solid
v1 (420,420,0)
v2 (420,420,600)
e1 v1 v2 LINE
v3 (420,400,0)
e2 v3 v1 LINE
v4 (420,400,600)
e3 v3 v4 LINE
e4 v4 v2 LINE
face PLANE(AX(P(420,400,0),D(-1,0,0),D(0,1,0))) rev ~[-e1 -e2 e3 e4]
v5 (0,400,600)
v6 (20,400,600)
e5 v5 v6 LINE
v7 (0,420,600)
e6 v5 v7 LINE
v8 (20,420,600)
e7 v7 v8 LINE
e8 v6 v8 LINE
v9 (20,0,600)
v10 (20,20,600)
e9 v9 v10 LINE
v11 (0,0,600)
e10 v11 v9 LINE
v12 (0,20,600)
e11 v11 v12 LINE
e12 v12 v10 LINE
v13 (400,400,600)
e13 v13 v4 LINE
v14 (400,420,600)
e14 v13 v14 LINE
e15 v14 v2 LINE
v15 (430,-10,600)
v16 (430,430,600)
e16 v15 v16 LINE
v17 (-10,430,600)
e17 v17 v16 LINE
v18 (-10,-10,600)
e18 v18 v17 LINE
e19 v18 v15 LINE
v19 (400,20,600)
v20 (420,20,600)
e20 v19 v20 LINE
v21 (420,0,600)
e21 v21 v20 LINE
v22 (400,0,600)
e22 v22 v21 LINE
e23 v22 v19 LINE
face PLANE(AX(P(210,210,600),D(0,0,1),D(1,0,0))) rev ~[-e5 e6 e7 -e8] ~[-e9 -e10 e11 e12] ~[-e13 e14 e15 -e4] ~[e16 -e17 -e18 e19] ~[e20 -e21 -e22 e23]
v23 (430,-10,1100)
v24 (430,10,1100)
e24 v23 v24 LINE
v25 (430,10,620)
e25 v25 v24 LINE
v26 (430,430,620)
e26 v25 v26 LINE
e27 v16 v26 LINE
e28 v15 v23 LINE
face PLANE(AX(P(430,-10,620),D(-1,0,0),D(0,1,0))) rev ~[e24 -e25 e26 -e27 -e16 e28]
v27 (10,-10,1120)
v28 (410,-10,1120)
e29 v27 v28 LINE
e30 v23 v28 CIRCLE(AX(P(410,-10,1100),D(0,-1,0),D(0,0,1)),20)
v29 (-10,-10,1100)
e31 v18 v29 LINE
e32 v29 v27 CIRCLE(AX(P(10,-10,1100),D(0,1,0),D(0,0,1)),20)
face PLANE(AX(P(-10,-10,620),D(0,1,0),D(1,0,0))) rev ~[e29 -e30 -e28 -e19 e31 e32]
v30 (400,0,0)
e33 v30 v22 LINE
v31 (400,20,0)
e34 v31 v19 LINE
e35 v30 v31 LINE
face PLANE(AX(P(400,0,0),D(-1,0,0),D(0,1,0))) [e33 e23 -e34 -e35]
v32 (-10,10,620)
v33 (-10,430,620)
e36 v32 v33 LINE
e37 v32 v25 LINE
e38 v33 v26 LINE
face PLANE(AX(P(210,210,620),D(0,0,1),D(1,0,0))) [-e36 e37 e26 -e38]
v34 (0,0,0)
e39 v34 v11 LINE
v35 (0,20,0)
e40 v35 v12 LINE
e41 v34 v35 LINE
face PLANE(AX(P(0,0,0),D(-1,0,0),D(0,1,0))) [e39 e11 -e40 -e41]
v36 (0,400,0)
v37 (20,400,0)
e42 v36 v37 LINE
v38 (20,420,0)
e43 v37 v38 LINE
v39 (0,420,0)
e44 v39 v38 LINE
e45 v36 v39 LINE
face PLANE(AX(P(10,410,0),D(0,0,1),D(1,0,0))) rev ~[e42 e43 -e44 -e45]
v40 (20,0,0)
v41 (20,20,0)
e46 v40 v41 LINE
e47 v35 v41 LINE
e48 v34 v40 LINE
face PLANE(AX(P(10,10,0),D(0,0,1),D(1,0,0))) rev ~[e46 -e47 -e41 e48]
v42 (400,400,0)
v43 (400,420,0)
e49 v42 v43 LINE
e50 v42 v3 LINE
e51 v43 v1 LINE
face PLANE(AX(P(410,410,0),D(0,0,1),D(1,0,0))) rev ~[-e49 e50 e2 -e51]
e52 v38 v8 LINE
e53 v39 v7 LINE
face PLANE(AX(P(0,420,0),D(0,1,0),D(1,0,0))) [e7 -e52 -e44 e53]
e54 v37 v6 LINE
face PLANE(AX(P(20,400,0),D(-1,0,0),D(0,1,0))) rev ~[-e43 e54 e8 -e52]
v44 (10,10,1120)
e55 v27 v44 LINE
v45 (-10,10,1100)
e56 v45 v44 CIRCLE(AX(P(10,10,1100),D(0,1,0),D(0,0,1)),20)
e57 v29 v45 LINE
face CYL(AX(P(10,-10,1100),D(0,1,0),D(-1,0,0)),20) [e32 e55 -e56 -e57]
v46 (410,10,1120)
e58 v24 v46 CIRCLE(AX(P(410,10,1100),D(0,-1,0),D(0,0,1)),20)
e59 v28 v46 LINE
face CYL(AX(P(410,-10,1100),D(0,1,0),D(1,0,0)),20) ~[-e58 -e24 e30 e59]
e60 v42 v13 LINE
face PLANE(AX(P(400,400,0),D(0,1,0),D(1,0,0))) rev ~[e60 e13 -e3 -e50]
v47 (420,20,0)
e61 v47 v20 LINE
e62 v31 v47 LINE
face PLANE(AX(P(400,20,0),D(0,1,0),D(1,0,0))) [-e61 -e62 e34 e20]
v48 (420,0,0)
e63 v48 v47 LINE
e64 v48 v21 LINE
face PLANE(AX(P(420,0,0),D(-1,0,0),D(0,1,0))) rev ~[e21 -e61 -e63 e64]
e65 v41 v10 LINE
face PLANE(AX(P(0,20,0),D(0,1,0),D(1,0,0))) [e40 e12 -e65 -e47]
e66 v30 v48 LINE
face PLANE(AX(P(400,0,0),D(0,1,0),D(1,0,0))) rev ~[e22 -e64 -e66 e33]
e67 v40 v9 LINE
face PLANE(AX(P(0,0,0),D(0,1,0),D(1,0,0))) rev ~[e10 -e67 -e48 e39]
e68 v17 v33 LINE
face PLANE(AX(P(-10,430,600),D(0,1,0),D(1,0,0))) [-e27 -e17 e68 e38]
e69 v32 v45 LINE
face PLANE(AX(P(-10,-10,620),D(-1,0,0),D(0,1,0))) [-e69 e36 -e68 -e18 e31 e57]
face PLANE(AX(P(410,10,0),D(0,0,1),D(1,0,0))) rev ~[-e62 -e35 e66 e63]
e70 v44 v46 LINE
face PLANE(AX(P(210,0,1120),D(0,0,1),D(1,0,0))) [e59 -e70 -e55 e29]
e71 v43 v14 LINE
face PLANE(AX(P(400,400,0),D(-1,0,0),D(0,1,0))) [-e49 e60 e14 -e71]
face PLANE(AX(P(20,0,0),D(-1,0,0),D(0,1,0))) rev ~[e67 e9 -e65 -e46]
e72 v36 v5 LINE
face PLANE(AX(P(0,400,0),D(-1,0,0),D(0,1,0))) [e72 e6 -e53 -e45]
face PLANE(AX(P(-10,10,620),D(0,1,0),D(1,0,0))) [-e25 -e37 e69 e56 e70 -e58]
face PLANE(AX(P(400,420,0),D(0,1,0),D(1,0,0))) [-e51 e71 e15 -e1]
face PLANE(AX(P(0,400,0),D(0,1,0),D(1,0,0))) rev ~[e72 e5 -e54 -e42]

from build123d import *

# Parameters (mm, degrees)
F0_W     = 20
F0_H     = 20
F1_DEPTH = 600
F2_W     = 440
F2_H     = 440
F3_DEPTH = 20
F4_W     = 440
F4_H     = 20
F5_DEPTH = 500
F6_R     = 20


with BuildPart() as f1:
    # F0 (on Top) → F1 (new body)
    with BuildSketch(Plane.XY):
        with Locations((10, 10)):
            Rectangle(F0_W, F0_H)
        with Locations((10, 410)):
            Rectangle(F0_W, F0_H)
        with Locations((410, 10)):
            Rectangle(F0_W, F0_H)
        with Locations((410, 410)):
            Rectangle(F0_W, F0_H)
    extrude(amount=F1_DEPTH)

    # F2 (on face) → F3 (join)
    with BuildSketch(Plane.XY.offset(600)):
        with Locations((210, 210)):
            Rectangle(F2_W, F2_H)
    extrude(amount=F3_DEPTH)

    # F4 (on face) → F5 (join)
    with BuildSketch(Plane.XY.offset(620)):
        with Locations((210, 0)):
            Rectangle(F4_W, F4_H)
    extrude(amount=F5_DEPTH)

    # F6
    f6_edges = [f1.edges().sort_by_distance(p)[0] for p in [
        (430, 0, 1120),
        (-10, 0, 1120),
    ]]
    fillet(f6_edges, radius=F6_R)


solid = f1.part
